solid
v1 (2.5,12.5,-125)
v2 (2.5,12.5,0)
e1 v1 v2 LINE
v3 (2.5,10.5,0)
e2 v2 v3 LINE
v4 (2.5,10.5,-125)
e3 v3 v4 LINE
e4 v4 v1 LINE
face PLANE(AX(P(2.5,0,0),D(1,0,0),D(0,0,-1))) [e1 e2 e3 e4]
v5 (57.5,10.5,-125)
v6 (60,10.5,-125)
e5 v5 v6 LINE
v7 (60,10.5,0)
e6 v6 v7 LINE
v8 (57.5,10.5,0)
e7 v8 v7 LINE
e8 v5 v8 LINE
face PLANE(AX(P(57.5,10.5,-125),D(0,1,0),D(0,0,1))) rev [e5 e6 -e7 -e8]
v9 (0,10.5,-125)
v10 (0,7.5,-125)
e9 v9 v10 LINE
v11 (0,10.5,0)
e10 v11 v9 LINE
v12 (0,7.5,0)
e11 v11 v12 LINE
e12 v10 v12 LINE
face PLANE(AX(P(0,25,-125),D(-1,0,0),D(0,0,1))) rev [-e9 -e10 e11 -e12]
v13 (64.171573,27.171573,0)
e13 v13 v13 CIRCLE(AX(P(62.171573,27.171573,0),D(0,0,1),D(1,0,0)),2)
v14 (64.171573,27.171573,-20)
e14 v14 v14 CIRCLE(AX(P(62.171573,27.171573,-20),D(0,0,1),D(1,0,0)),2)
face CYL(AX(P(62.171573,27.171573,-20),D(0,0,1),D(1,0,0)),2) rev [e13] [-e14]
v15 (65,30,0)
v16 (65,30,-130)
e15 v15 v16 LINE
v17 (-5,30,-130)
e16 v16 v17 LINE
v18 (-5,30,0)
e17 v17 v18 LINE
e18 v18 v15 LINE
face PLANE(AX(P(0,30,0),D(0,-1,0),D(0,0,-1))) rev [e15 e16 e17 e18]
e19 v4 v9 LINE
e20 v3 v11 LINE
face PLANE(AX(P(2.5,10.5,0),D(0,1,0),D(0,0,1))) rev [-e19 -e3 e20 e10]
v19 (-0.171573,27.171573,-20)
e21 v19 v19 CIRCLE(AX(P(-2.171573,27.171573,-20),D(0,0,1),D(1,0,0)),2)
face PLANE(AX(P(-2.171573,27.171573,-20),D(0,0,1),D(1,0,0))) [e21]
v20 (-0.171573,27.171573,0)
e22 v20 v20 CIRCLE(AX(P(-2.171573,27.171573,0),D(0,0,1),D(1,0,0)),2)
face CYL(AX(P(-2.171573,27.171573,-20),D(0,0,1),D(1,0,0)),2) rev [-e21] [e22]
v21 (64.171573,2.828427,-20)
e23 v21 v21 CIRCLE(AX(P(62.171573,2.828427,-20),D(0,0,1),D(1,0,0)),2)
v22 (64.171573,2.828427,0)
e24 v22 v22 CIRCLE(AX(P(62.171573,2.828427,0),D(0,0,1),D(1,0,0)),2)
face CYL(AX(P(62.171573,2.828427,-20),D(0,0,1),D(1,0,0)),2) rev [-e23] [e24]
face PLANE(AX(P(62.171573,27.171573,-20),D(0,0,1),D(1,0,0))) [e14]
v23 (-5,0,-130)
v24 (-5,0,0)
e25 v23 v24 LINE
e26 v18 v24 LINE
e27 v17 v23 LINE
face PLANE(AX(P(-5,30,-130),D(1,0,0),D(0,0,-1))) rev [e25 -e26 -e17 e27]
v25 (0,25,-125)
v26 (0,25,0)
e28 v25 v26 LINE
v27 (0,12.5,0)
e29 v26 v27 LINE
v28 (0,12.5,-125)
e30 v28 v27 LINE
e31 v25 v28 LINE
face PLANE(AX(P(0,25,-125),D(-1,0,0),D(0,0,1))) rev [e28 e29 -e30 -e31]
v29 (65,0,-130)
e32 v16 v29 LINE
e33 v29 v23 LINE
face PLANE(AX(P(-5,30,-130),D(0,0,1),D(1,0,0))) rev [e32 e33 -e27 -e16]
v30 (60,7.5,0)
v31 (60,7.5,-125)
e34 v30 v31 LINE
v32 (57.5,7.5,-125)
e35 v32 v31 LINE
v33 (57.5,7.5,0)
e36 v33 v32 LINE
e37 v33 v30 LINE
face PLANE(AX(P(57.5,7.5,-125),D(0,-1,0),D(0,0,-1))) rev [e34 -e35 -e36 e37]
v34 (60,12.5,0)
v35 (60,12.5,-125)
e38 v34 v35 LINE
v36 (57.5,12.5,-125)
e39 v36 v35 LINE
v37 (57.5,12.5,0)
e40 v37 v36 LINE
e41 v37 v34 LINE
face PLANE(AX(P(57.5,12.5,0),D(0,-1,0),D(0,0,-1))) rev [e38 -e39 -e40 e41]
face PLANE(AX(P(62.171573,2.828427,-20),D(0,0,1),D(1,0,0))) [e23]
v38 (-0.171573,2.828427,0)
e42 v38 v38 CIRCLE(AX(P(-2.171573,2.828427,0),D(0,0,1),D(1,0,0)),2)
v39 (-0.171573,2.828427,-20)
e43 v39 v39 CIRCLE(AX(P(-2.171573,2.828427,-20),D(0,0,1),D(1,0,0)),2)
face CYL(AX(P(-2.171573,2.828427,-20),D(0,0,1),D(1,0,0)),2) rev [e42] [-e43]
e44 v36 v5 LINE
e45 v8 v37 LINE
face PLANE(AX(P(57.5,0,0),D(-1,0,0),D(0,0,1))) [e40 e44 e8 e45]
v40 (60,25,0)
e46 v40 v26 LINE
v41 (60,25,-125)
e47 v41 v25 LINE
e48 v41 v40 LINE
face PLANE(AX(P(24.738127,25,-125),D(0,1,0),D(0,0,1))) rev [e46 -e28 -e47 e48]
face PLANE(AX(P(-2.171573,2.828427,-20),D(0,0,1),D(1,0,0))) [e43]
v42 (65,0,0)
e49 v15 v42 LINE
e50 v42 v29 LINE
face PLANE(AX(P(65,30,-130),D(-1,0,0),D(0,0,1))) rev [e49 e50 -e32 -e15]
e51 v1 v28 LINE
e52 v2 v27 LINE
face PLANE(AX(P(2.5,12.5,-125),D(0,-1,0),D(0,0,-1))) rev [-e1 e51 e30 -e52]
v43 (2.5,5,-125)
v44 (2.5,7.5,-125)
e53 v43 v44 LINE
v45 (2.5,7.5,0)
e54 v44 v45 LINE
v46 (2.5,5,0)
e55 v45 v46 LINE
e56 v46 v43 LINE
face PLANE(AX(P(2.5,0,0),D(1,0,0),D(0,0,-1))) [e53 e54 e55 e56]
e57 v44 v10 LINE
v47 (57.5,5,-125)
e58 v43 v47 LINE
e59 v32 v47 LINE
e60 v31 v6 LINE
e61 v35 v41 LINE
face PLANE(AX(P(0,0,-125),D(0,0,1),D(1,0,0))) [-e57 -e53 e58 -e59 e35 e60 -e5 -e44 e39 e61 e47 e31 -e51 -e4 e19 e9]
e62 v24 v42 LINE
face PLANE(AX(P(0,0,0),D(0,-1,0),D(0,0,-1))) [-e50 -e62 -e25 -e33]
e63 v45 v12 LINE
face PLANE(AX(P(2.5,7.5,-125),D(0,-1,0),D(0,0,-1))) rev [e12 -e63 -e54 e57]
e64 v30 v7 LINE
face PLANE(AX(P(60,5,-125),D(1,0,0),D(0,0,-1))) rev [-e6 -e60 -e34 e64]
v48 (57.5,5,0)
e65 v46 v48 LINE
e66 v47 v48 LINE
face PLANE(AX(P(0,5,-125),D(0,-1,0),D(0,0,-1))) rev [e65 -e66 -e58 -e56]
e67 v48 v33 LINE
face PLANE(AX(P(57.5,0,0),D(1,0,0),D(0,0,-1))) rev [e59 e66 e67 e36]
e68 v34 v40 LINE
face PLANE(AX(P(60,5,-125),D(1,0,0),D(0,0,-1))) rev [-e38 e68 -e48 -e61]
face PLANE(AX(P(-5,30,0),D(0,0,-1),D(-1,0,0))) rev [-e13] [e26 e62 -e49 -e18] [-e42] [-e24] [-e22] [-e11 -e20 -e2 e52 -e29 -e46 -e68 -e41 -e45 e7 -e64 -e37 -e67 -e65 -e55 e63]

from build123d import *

# Parameters (mm, degrees)
BOSS_EXTRUDE2_DEPTH = 30
CUT_EXTRUDE1_DEPTH  = 125
SKETCH4_W           = 125
SKETCH4_H           = 2
SKETCH4_H_2         = 2.5
BOSS_EXTRUDE4_DEPTH = 2.5
SKETCH5_W           = 125
SKETCH5_H           = 2.5
SKETCH5_H_2         = 2
BOSS_EXTRUDE5_DEPTH = 2.5
SKETCH6_R           = 2
CUT_EXTRUDE2_DEPTH  = 20


with BuildPart() as part:
    # Sketch1 → Boss-Extrude2 (new body)
    with BuildSketch(Plane(origin=(0, 0, 0), x_dir=(1, 0, 0), z_dir=(0, 1, 0))):
        Polygon((-5, 130), (-5, 0), (0, 0), (65, 0), (65, 130), align=None)
    extrude(amount=BOSS_EXTRUDE2_DEPTH)

    # Sketch3 → Cut-Extrude1 (cut)
    with BuildSketch(Plane.XY):
        Polygon((24.738126678, 25), (0, 25), (0, 5), (60, 5), (60, 25), align=None)
    extrude(amount=-CUT_EXTRUDE1_DEPTH, mode=Mode.SUBTRACT)

    # Sketch4 → Boss-Extrude4 (add)
    with BuildSketch(Plane(origin=(0, 0, 0), x_dir=(0, 0, -1), z_dir=(1, 0, 0))):
        with Locations((62.5, 11.5)):
            Rectangle(SKETCH4_W, SKETCH4_H)
        with Locations((62.5, 6.25)):
            Rectangle(SKETCH4_W, SKETCH4_H_2)
    extrude(amount=BOSS_EXTRUDE4_DEPTH)

    # Sketch5 → Boss-Extrude5 (add)
    with BuildSketch(Plane.ZY.offset(-60)):
        with Locations((-62.5, 6.25)):
            Rectangle(SKETCH5_W, SKETCH5_H)
        with Locations((-62.5, 11.5)):
            Rectangle(SKETCH5_W, SKETCH5_H_2)
    extrude(amount=BOSS_EXTRUDE5_DEPTH)

    # Sketch6 → Cut-Extrude2 (cut)
    with BuildSketch(Plane.XY):
        with Locations((-2.171572875, 27.171572875)):
            Circle(SKETCH6_R)
        with Locations((62.171572875, 27.171572875)):
            Circle(SKETCH6_R)
        with Locations((62.171572875, 2.828427125)):
            Circle(SKETCH6_R)
        with Locations((-2.171572875, 2.828427125)):
            Circle(SKETCH6_R)
    extrude(amount=-CUT_EXTRUDE2_DEPTH, mode=Mode.SUBTRACT)


solid = part.part
